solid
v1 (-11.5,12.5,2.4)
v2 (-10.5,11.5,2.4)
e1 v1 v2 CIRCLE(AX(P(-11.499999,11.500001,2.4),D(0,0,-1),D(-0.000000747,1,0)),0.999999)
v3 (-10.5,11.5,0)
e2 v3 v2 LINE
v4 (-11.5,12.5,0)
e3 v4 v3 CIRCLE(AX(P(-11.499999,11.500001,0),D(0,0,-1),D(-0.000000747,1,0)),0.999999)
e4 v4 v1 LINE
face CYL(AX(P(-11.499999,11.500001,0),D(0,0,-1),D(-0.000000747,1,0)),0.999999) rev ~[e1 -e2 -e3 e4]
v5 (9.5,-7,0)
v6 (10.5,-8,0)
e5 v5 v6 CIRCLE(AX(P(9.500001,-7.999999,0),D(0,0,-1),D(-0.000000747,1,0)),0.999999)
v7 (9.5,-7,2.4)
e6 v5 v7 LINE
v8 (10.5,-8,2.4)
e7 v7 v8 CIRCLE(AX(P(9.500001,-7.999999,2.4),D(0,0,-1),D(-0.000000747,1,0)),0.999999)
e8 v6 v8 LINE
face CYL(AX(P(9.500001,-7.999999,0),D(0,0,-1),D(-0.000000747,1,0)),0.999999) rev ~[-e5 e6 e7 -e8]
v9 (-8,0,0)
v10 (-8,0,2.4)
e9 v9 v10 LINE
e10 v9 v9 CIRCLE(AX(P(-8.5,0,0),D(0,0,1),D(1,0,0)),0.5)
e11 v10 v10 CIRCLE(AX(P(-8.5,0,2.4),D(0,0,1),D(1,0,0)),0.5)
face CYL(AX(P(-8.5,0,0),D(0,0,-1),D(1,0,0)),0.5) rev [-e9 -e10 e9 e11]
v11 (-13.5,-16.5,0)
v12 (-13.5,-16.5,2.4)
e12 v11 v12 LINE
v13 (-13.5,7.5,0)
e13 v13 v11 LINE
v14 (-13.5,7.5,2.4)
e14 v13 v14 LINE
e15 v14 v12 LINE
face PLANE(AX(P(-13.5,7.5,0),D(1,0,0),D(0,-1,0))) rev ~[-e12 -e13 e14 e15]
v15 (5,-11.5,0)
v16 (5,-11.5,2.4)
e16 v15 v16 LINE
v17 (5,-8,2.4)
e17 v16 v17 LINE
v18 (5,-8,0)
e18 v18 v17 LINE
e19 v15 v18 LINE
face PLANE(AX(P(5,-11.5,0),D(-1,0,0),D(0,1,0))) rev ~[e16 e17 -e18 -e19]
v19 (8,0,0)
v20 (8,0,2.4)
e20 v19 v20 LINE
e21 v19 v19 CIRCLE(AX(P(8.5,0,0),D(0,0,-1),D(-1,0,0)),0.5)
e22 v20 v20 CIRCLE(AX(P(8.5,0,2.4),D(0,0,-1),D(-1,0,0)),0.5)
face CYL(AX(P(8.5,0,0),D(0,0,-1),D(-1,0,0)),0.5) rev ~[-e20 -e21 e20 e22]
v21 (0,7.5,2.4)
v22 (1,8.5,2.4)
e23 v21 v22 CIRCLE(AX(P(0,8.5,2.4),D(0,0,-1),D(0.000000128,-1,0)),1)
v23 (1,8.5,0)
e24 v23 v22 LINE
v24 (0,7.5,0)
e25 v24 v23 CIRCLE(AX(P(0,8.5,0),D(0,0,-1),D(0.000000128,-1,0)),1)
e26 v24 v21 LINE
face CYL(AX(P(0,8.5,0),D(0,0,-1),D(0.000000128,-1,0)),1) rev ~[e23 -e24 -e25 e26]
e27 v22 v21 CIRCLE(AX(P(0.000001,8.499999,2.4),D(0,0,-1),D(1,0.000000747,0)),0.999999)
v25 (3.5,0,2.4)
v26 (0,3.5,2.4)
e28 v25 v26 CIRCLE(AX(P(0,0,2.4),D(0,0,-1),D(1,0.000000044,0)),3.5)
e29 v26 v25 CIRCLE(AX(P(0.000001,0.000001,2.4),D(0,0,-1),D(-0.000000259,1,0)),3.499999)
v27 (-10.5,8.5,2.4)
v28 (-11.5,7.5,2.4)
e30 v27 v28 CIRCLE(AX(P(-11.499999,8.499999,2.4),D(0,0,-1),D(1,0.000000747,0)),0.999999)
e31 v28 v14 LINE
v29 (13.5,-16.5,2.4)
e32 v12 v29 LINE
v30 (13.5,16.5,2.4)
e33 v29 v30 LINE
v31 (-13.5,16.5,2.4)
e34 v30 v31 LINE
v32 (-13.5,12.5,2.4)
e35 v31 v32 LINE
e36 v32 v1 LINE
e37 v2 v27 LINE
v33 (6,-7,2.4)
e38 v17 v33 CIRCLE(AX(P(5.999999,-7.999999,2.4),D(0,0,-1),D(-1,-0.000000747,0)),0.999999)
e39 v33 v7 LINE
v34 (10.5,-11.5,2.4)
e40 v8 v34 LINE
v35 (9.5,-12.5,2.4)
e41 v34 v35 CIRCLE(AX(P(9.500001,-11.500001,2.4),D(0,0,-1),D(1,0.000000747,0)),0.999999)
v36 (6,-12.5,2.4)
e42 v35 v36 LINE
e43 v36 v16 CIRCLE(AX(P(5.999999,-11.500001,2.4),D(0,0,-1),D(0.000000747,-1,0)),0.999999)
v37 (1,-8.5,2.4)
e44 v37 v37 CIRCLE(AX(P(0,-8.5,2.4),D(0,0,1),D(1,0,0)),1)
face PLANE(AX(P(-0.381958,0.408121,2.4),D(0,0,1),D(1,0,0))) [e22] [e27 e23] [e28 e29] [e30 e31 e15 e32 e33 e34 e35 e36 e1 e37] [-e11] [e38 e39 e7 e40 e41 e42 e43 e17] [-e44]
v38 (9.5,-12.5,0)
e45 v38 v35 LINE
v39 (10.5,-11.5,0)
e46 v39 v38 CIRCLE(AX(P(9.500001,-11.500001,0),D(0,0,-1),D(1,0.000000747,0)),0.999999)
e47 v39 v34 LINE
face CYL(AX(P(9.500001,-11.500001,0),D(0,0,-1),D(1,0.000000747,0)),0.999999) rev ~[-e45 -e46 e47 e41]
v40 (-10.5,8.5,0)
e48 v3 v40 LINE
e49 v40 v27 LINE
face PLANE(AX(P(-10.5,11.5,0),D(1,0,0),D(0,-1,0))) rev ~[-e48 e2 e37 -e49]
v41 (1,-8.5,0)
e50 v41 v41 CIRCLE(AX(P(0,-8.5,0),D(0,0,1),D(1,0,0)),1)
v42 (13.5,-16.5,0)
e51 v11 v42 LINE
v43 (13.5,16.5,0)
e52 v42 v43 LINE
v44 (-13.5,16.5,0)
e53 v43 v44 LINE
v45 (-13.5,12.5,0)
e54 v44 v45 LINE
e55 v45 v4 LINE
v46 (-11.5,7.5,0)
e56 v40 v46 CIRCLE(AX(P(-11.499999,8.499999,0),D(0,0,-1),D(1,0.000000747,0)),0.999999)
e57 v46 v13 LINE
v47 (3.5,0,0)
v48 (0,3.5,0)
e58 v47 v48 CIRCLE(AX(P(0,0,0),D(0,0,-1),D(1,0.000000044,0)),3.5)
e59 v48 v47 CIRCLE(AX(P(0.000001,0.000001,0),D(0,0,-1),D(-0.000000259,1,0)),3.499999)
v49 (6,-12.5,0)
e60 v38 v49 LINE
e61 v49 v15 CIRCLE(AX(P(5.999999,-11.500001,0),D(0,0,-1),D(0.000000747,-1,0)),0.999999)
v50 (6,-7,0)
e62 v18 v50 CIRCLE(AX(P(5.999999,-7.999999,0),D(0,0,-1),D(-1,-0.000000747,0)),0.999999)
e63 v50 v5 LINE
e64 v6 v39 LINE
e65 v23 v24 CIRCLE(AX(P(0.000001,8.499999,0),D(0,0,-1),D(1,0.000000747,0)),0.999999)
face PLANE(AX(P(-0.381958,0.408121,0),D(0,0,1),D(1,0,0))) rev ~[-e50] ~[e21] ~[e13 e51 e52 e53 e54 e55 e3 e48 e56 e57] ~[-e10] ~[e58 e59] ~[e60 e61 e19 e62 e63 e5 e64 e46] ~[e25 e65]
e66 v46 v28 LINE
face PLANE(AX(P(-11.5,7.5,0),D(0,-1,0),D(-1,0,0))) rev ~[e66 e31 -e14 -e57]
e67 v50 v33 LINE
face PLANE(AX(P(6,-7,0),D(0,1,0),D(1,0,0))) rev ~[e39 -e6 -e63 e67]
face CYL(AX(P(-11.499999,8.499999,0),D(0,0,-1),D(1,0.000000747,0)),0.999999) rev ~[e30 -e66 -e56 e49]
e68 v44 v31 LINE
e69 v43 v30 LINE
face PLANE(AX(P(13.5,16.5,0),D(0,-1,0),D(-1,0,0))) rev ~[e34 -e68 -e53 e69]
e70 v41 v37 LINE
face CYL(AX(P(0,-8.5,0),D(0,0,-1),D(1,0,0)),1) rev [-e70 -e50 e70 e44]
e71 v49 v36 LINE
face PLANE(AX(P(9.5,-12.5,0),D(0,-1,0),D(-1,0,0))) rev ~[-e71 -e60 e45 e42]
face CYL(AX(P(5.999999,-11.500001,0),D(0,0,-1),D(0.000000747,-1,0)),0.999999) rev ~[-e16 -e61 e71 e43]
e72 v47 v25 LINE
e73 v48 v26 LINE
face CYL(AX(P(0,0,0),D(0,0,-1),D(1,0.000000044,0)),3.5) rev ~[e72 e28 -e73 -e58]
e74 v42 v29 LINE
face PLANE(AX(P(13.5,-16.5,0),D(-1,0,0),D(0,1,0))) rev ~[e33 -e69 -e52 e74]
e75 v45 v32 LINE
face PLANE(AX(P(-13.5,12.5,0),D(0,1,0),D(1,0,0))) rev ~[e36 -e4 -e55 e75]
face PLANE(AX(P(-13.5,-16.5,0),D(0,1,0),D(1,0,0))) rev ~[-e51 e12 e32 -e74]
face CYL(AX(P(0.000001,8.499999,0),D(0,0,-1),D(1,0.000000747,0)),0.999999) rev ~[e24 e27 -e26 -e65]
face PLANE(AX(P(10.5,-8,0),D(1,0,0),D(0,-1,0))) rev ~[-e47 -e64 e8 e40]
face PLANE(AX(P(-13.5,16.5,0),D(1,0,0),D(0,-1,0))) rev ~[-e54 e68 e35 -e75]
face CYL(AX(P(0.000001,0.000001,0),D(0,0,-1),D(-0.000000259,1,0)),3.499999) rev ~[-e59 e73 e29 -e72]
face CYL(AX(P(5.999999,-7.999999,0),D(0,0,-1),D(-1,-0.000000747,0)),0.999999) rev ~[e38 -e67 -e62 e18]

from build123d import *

# Parameters (mm, degrees)
F0_R     = 1
F0_R_2   = 0.5
F1_DEPTH = 2.4


with BuildPart() as f1:
    # F0 (on Top) → F1 (new body)
    with BuildSketch(Plane.XY):
        with BuildLine():
            Line((-13.5, -16.5), (13.5, -16.5))
            Line((13.5, -16.5), (13.5, 16.5))
            Line((13.5, 16.5), (-13.5, 16.5))
            Line((-13.5, 16.5), (-13.5, 12.5))
            Line((-13.5, 12.5), (-11.5, 12.5))
            ThreePointArc((-11.5, 12.5), (-10.792893, 12.207107), (-10.5, 11.5))
            Line((-10.5, 11.5), (-10.5, 8.5))
            ThreePointArc((-10.5, 8.5), (-10.792893, 7.792893), (-11.5, 7.5))
            Line((-11.5, 7.5), (-13.5, 7.5))
            Line((-13.5, 7.5), (-13.5, -16.5))
        make_face()
        with Locations((0, -8.5)):
            Circle(F0_R, mode=Mode.SUBTRACT)
        with BuildLine():
            ThreePointArc((10.5, -11.5), (10.207107, -12.207107), (9.5, -12.5))
            Line((9.5, -12.5), (6, -12.5))
            ThreePointArc((6, -12.5), (5.292893, -12.207107), (5, -11.5))
            Line((5, -11.5), (5, -8))
            ThreePointArc((5, -8), (5.292893, -7.292893), (6, -7))
            Line((6, -7), (9.5, -7))
            ThreePointArc((9.5, -7), (10.207107, -7.292893), (10.5, -8))
            Line((10.5, -8), (10.5, -11.5))
        make_face(mode=Mode.SUBTRACT)
        with Locations((-8.5, 0)):
            Circle(F0_R_2, mode=Mode.SUBTRACT)
        with BuildLine():
            ThreePointArc((0, 3.5), (2.474874, 2.474874), (3.5, 0))
            ThreePointArc((3.5, 0), (-2.474874, -2.474874), (0, 3.5))
        make_face(mode=Mode.SUBTRACT)
        with BuildLine():
            ThreePointArc((9, 0), (8.5, -0.5), (8, 0))
            ThreePointArc((8, 0), (8.5, 0.5), (9, 0))
        make_face(mode=Mode.SUBTRACT)
        with BuildLine():
            ThreePointArc((1, 8.5), (0.707107, 7.792893), (0, 7.5))
            ThreePointArc((0, 7.5), (-0.707107, 9.207107), (1, 8.5))
        make_face(mode=Mode.SUBTRACT)
    extrude(amount=F1_DEPTH)


solid = f1.part
